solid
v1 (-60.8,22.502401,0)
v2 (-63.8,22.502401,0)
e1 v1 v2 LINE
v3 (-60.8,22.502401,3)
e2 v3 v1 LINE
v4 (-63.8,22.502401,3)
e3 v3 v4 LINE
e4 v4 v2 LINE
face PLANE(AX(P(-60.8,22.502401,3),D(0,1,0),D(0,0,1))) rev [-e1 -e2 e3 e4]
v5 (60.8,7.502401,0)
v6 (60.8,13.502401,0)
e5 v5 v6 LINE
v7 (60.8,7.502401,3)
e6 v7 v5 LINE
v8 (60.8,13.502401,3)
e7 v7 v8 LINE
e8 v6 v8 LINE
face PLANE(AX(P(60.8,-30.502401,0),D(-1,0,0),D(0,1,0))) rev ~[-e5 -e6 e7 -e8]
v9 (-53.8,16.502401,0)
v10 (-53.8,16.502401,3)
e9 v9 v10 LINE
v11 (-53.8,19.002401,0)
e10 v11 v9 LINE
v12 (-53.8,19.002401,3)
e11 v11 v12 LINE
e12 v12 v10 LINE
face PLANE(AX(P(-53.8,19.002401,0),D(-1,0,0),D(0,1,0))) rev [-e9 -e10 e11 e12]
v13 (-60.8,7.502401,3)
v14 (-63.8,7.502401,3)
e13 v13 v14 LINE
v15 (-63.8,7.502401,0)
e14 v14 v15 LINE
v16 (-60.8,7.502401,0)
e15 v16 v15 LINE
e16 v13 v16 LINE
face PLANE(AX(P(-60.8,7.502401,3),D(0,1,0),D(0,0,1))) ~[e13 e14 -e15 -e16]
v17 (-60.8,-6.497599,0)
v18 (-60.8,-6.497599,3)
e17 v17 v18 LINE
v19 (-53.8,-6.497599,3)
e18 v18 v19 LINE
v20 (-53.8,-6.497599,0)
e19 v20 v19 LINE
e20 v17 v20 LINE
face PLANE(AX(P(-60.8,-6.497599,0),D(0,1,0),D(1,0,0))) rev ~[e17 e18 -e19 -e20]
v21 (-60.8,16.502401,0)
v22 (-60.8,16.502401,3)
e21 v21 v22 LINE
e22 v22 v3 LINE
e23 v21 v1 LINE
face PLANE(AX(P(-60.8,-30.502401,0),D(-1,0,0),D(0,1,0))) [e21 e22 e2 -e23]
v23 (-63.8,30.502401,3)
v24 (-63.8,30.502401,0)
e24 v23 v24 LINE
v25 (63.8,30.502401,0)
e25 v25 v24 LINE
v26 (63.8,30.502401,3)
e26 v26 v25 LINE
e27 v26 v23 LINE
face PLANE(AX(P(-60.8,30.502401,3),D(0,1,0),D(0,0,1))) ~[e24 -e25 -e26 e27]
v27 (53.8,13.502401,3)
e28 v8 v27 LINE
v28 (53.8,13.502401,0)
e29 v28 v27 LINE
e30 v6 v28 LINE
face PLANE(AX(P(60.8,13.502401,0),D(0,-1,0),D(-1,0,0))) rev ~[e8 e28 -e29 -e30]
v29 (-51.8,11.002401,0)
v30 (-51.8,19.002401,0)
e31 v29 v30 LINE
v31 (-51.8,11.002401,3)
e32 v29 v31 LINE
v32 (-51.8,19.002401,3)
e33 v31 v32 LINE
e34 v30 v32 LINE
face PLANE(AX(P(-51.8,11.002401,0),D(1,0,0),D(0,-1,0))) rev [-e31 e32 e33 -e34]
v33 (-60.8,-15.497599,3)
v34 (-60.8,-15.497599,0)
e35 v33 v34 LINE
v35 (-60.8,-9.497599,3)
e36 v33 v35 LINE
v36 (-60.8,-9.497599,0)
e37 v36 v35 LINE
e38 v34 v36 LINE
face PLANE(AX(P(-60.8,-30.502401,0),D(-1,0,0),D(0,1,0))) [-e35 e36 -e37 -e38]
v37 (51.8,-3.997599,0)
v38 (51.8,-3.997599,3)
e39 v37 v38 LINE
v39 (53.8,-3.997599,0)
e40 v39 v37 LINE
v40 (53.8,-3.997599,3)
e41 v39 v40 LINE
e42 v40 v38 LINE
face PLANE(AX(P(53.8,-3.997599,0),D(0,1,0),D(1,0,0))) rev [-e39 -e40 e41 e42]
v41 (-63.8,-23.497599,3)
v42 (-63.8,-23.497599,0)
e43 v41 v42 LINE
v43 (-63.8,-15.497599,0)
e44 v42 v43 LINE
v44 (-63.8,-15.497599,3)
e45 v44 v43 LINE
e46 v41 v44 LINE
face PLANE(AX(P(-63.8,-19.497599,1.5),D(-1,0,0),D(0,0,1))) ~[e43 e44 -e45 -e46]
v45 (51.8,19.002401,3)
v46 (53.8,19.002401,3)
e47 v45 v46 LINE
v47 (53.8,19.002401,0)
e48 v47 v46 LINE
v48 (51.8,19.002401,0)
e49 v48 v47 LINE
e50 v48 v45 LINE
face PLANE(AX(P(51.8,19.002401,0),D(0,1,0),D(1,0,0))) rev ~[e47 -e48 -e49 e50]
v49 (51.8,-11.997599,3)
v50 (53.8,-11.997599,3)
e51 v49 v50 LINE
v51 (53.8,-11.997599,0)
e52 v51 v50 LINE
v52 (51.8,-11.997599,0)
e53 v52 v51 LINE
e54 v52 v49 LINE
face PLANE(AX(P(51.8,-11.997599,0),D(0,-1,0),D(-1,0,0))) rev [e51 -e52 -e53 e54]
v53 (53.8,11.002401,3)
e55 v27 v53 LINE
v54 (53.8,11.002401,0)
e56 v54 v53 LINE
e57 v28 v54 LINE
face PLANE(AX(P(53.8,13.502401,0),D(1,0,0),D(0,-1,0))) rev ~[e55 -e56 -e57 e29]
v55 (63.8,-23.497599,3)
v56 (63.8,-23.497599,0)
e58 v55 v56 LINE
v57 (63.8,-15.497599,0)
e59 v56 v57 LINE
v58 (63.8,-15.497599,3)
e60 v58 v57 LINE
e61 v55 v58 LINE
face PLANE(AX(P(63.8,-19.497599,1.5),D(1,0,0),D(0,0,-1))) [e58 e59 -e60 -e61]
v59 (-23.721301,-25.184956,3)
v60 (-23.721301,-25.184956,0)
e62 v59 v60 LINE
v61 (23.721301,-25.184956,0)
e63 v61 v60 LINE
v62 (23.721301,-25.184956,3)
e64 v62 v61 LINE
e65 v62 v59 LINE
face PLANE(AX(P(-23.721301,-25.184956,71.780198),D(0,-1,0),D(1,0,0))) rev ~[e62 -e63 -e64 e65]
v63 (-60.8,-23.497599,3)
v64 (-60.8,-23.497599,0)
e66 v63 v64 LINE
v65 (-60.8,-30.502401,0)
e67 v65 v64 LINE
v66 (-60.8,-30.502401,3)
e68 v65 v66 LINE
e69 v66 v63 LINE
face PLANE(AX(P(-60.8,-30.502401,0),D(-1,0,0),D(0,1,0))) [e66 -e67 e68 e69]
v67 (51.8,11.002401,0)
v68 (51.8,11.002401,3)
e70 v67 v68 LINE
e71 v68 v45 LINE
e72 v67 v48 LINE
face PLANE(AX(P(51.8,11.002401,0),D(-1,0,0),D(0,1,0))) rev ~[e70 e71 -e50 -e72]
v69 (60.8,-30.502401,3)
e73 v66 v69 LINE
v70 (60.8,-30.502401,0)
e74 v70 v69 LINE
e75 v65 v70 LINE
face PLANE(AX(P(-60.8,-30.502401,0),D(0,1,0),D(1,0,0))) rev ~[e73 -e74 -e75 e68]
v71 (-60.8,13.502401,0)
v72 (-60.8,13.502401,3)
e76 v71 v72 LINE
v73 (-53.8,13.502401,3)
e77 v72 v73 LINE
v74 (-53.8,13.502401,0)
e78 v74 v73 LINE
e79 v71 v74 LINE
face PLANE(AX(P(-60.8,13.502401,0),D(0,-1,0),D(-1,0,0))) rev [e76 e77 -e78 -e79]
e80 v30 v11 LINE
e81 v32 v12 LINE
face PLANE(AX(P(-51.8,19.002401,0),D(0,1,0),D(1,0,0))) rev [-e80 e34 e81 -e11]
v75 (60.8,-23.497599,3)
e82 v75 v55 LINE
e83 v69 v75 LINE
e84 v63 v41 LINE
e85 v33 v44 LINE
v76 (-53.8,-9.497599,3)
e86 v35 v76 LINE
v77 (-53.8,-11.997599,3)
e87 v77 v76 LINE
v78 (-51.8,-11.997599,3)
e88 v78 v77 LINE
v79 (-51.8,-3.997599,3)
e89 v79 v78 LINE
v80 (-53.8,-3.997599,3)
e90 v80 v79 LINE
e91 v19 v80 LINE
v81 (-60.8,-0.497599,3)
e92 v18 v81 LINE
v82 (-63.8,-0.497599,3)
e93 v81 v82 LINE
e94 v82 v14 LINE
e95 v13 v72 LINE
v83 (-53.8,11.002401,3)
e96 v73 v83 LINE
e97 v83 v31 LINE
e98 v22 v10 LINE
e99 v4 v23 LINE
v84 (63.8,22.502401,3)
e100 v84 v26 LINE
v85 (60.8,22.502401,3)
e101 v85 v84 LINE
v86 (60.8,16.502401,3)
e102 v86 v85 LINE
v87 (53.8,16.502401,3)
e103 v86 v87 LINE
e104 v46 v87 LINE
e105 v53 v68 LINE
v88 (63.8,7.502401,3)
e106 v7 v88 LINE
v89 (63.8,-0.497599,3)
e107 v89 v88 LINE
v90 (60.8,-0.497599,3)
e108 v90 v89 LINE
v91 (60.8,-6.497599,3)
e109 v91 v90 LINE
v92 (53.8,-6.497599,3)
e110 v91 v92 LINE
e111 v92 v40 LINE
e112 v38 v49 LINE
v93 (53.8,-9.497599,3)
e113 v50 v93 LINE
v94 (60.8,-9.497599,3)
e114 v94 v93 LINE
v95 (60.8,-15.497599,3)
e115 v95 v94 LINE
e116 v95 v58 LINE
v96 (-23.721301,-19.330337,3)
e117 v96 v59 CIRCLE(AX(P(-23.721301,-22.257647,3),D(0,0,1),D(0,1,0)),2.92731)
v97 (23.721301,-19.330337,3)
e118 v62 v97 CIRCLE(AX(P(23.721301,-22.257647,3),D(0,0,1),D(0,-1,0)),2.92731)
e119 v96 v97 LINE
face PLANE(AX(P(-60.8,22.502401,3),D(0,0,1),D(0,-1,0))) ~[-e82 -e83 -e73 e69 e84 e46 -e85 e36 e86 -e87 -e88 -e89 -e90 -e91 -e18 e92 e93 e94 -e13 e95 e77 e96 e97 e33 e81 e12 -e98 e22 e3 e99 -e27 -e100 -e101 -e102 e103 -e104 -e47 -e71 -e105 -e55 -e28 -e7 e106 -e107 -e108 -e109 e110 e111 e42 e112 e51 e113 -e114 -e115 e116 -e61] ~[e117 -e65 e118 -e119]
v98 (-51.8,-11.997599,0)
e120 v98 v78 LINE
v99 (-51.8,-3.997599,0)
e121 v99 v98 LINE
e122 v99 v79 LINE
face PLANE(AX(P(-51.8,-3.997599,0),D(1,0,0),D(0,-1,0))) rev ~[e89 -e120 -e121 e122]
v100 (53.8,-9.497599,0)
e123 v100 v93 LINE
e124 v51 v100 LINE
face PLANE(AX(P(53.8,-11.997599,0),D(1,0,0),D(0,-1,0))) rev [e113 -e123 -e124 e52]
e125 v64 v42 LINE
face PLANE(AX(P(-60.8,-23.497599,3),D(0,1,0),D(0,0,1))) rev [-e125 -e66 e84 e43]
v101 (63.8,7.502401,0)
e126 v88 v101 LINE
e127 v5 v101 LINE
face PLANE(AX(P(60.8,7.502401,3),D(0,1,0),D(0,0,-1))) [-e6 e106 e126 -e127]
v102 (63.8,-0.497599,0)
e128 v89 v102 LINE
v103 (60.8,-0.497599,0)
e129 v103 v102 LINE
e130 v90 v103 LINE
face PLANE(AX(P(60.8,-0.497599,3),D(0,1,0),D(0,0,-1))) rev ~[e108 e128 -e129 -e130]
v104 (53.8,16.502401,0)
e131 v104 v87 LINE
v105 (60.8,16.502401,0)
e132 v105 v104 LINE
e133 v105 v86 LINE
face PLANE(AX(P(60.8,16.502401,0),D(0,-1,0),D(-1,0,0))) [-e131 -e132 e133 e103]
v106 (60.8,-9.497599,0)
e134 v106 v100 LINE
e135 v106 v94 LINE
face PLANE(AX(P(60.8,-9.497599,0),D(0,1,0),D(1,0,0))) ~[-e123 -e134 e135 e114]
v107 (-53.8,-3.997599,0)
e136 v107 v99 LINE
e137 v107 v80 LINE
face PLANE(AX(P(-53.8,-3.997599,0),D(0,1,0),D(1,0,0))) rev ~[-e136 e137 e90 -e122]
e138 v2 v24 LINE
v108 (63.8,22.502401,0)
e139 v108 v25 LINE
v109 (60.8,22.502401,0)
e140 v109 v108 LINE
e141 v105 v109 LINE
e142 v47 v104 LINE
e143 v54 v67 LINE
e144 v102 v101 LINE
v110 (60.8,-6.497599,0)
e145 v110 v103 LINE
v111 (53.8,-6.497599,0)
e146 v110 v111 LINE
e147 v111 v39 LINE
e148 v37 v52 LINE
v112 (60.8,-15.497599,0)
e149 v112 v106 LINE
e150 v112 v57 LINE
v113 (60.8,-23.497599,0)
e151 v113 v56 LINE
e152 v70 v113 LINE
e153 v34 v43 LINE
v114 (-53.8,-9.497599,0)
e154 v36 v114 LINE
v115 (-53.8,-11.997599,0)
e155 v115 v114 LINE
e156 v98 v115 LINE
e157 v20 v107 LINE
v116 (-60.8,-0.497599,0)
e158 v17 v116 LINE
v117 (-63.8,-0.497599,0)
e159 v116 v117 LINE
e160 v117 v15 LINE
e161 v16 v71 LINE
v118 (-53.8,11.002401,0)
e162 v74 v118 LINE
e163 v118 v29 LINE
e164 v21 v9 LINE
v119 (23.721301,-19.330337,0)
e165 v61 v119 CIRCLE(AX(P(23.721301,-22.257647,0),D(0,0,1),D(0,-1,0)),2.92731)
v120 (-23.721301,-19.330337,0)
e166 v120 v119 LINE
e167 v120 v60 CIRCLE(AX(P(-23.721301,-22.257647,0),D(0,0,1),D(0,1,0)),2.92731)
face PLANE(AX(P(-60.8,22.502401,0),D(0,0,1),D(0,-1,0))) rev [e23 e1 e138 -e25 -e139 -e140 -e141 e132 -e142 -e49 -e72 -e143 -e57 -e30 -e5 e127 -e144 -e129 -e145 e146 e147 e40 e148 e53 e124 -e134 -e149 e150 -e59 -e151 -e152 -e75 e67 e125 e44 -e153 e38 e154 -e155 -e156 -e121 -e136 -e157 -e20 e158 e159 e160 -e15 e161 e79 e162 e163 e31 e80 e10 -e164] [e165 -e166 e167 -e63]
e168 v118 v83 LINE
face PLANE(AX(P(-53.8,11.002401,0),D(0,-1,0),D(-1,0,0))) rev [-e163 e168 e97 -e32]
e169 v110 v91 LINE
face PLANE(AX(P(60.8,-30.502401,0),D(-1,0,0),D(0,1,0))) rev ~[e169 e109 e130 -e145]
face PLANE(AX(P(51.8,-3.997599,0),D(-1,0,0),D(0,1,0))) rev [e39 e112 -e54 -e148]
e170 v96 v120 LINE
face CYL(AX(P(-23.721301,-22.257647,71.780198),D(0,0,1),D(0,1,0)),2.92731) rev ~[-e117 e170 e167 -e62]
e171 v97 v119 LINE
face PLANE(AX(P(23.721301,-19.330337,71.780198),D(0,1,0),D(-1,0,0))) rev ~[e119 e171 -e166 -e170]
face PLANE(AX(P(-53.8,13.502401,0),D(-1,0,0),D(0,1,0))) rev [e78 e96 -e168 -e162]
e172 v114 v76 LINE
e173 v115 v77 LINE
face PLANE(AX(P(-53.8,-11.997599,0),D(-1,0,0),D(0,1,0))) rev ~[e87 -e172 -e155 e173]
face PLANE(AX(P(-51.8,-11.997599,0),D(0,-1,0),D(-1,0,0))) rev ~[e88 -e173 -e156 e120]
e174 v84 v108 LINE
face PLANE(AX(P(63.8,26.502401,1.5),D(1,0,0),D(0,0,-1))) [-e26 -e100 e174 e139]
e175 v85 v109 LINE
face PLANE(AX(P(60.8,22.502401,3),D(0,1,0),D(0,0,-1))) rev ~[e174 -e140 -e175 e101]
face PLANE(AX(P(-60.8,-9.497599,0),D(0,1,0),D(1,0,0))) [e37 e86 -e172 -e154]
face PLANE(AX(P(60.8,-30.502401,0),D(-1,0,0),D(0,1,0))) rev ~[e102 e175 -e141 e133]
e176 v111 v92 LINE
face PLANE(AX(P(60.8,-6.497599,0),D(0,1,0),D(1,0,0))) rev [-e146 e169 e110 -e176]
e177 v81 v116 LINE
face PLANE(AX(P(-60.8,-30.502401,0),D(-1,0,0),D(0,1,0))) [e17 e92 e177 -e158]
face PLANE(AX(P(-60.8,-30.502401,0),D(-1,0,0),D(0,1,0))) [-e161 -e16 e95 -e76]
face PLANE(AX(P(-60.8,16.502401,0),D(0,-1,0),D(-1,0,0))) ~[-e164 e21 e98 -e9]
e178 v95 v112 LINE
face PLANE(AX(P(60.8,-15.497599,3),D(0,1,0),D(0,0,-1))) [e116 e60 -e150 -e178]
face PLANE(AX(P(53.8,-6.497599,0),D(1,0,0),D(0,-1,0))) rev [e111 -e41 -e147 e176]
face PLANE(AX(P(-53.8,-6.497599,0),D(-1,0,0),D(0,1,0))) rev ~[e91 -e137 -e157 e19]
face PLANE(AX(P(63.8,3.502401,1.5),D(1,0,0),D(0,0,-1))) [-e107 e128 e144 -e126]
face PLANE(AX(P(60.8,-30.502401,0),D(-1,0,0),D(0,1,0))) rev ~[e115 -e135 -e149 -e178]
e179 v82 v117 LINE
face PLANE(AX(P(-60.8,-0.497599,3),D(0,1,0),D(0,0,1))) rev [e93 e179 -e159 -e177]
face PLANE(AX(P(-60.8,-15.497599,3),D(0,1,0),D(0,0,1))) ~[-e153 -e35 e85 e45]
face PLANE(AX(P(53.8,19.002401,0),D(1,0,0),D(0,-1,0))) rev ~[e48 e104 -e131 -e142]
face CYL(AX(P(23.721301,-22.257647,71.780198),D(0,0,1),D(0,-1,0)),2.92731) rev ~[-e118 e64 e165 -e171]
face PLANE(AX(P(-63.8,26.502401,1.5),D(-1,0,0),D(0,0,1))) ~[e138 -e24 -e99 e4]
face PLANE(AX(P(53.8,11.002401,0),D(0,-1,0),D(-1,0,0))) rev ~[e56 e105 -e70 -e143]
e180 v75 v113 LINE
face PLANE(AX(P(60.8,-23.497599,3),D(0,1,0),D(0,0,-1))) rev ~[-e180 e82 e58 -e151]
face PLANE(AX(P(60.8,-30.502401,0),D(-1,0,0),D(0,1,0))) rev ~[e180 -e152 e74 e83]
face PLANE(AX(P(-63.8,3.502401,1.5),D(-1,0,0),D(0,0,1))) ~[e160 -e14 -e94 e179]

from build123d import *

# Parameters (mm, degrees)
SKETCH1_W               = 121.6
SKETCH1_H               = 61.004801574
BOSS_EXTRUDE1_DEPTH     = 3
SKETCH3_W               = 3
SKETCH3_H               = 8
BOSS_EXTRUDE2_DEPTH     = 3
SKETCH5_W               = 7
SKETCH5_H               = 3
CUT_EXTRUDE1_DEPTH      = 71.780198176
MIRROR3_COPY_1_SKETCH_W = 7
MIRROR3_COPY_1_SKETCH_H = 3
MIRROR3_COPY_1_DEPTH    = 71.780198176
VELCROHOLE_DEPTH        = 71.780198176
VELCROHOLE_DEPTH_BACK   = 71.780198176


with BuildPart() as part:
    # Sketch1 → Boss-Extrude1 (new body)
    with BuildSketch(Plane.XY):
        Rectangle(SKETCH1_W, SKETCH1_H)
    extrude(amount=BOSS_EXTRUDE1_DEPTH)

    # Sketch3 → Boss-Extrude2 (add)
    with BuildSketch(Plane(origin=(60.8, 0, 0), x_dir=(0, 0, -1), z_dir=(1, 0, 0))):
        with Locations((-1.5, 26.502400787)):
            Rectangle(SKETCH3_W, SKETCH3_H)
        with Locations((-1.5, 3.502400787)):
            Rectangle(SKETCH3_W, SKETCH3_H)
        with Locations((-1.5, -19.497599213)):
            Rectangle(SKETCH3_W, SKETCH3_H)
    boss_extrude2 = extrude(amount=BOSS_EXTRUDE2_DEPTH)

    # Mirror1: Boss-Extrude2 across plane
    add(boss_extrude2.mirror(Plane(origin=(0, 0, 0), x_dir=(0, 0, 1), z_dir=(1, 0, 0))))

    # Sketch5 → Cut-Extrude1 (cut, through all)
    with BuildSketch(Plane(origin=(0, 0, 0), x_dir=(-1, 0, 0), z_dir=(0, 0, -1))):
        with Locations((-57.3, 15.002400787)):
            Rectangle(SKETCH5_W, SKETCH5_H)
        Polygon((-53.8, 19.002400787), (-53.8, 16.502400787), (-53.8, 13.502400787), (-53.8, 11.002400787), (-51.8, 11.002400787), (-51.8, 19.002400787), align=None)
    cut_extrude1 = extrude(amount=-CUT_EXTRUDE1_DEPTH, mode=Mode.SUBTRACT)

    # Mirror2: Cut-Extrude1 across plane
    add(cut_extrude1.mirror(Plane(origin=(0, 0, 0), x_dir=(0, 0, 1), z_dir=(1, 0, 0))), mode=Mode.SUBTRACT)

    # Mirror3: Cut-Extrude1 across plane
    add(cut_extrude1.mirror(Plane(origin=(0, 3.502400787, 0), x_dir=(0, 0, 1), z_dir=(0, -1, 0))), mode=Mode.SUBTRACT)

    # Mirror3 copy 1 sketch → Mirror3 copy 1 (cut, through all)
    with BuildSketch(Plane(origin=(0, 7.004801574, 0), x_dir=(1, 0, 0), z_dir=(0, 0, -1))):
        with Locations((-57.3, 15.002400787)):
            Rectangle(MIRROR3_COPY_1_SKETCH_W, MIRROR3_COPY_1_SKETCH_H)
        Polygon((-53.8, 19.002400787), (-53.8, 16.502400787), (-53.8, 13.502400787), (-53.8, 11.002400787), (-51.8, 11.002400787), (-51.8, 19.002400787), align=None)
    extrude(amount=-MIRROR3_COPY_1_DEPTH, mode=Mode.SUBTRACT)

    # Sketch6 → VelcroHole (cut, two sides: drawn at the far end of the back side and taken through both)
    with BuildSketch(Plane(origin=(0, 0, 0), x_dir=(-1, 0, 0), z_dir=(0, 0, -1)).offset(-VELCROHOLE_DEPTH_BACK)):
        with BuildLine():
            Line((-23.721301338, -19.330337048), (23.721301338, -19.330337048))
            ThreePointArc((23.721301338, -19.330337048), (26.648610865, -22.257646575), (23.721301338, -25.184956102))
            Line((23.721301338, -25.184956102), (-23.721301338, -25.184956102))
            ThreePointArc((-23.721301338, -25.184956102), (-26.648610865, -22.257646575), (-23.721301338, -19.330337048))
        make_face()
    extrude(amount=VELCROHOLE_DEPTH + VELCROHOLE_DEPTH_BACK, mode=Mode.SUBTRACT)


solid = part.part
